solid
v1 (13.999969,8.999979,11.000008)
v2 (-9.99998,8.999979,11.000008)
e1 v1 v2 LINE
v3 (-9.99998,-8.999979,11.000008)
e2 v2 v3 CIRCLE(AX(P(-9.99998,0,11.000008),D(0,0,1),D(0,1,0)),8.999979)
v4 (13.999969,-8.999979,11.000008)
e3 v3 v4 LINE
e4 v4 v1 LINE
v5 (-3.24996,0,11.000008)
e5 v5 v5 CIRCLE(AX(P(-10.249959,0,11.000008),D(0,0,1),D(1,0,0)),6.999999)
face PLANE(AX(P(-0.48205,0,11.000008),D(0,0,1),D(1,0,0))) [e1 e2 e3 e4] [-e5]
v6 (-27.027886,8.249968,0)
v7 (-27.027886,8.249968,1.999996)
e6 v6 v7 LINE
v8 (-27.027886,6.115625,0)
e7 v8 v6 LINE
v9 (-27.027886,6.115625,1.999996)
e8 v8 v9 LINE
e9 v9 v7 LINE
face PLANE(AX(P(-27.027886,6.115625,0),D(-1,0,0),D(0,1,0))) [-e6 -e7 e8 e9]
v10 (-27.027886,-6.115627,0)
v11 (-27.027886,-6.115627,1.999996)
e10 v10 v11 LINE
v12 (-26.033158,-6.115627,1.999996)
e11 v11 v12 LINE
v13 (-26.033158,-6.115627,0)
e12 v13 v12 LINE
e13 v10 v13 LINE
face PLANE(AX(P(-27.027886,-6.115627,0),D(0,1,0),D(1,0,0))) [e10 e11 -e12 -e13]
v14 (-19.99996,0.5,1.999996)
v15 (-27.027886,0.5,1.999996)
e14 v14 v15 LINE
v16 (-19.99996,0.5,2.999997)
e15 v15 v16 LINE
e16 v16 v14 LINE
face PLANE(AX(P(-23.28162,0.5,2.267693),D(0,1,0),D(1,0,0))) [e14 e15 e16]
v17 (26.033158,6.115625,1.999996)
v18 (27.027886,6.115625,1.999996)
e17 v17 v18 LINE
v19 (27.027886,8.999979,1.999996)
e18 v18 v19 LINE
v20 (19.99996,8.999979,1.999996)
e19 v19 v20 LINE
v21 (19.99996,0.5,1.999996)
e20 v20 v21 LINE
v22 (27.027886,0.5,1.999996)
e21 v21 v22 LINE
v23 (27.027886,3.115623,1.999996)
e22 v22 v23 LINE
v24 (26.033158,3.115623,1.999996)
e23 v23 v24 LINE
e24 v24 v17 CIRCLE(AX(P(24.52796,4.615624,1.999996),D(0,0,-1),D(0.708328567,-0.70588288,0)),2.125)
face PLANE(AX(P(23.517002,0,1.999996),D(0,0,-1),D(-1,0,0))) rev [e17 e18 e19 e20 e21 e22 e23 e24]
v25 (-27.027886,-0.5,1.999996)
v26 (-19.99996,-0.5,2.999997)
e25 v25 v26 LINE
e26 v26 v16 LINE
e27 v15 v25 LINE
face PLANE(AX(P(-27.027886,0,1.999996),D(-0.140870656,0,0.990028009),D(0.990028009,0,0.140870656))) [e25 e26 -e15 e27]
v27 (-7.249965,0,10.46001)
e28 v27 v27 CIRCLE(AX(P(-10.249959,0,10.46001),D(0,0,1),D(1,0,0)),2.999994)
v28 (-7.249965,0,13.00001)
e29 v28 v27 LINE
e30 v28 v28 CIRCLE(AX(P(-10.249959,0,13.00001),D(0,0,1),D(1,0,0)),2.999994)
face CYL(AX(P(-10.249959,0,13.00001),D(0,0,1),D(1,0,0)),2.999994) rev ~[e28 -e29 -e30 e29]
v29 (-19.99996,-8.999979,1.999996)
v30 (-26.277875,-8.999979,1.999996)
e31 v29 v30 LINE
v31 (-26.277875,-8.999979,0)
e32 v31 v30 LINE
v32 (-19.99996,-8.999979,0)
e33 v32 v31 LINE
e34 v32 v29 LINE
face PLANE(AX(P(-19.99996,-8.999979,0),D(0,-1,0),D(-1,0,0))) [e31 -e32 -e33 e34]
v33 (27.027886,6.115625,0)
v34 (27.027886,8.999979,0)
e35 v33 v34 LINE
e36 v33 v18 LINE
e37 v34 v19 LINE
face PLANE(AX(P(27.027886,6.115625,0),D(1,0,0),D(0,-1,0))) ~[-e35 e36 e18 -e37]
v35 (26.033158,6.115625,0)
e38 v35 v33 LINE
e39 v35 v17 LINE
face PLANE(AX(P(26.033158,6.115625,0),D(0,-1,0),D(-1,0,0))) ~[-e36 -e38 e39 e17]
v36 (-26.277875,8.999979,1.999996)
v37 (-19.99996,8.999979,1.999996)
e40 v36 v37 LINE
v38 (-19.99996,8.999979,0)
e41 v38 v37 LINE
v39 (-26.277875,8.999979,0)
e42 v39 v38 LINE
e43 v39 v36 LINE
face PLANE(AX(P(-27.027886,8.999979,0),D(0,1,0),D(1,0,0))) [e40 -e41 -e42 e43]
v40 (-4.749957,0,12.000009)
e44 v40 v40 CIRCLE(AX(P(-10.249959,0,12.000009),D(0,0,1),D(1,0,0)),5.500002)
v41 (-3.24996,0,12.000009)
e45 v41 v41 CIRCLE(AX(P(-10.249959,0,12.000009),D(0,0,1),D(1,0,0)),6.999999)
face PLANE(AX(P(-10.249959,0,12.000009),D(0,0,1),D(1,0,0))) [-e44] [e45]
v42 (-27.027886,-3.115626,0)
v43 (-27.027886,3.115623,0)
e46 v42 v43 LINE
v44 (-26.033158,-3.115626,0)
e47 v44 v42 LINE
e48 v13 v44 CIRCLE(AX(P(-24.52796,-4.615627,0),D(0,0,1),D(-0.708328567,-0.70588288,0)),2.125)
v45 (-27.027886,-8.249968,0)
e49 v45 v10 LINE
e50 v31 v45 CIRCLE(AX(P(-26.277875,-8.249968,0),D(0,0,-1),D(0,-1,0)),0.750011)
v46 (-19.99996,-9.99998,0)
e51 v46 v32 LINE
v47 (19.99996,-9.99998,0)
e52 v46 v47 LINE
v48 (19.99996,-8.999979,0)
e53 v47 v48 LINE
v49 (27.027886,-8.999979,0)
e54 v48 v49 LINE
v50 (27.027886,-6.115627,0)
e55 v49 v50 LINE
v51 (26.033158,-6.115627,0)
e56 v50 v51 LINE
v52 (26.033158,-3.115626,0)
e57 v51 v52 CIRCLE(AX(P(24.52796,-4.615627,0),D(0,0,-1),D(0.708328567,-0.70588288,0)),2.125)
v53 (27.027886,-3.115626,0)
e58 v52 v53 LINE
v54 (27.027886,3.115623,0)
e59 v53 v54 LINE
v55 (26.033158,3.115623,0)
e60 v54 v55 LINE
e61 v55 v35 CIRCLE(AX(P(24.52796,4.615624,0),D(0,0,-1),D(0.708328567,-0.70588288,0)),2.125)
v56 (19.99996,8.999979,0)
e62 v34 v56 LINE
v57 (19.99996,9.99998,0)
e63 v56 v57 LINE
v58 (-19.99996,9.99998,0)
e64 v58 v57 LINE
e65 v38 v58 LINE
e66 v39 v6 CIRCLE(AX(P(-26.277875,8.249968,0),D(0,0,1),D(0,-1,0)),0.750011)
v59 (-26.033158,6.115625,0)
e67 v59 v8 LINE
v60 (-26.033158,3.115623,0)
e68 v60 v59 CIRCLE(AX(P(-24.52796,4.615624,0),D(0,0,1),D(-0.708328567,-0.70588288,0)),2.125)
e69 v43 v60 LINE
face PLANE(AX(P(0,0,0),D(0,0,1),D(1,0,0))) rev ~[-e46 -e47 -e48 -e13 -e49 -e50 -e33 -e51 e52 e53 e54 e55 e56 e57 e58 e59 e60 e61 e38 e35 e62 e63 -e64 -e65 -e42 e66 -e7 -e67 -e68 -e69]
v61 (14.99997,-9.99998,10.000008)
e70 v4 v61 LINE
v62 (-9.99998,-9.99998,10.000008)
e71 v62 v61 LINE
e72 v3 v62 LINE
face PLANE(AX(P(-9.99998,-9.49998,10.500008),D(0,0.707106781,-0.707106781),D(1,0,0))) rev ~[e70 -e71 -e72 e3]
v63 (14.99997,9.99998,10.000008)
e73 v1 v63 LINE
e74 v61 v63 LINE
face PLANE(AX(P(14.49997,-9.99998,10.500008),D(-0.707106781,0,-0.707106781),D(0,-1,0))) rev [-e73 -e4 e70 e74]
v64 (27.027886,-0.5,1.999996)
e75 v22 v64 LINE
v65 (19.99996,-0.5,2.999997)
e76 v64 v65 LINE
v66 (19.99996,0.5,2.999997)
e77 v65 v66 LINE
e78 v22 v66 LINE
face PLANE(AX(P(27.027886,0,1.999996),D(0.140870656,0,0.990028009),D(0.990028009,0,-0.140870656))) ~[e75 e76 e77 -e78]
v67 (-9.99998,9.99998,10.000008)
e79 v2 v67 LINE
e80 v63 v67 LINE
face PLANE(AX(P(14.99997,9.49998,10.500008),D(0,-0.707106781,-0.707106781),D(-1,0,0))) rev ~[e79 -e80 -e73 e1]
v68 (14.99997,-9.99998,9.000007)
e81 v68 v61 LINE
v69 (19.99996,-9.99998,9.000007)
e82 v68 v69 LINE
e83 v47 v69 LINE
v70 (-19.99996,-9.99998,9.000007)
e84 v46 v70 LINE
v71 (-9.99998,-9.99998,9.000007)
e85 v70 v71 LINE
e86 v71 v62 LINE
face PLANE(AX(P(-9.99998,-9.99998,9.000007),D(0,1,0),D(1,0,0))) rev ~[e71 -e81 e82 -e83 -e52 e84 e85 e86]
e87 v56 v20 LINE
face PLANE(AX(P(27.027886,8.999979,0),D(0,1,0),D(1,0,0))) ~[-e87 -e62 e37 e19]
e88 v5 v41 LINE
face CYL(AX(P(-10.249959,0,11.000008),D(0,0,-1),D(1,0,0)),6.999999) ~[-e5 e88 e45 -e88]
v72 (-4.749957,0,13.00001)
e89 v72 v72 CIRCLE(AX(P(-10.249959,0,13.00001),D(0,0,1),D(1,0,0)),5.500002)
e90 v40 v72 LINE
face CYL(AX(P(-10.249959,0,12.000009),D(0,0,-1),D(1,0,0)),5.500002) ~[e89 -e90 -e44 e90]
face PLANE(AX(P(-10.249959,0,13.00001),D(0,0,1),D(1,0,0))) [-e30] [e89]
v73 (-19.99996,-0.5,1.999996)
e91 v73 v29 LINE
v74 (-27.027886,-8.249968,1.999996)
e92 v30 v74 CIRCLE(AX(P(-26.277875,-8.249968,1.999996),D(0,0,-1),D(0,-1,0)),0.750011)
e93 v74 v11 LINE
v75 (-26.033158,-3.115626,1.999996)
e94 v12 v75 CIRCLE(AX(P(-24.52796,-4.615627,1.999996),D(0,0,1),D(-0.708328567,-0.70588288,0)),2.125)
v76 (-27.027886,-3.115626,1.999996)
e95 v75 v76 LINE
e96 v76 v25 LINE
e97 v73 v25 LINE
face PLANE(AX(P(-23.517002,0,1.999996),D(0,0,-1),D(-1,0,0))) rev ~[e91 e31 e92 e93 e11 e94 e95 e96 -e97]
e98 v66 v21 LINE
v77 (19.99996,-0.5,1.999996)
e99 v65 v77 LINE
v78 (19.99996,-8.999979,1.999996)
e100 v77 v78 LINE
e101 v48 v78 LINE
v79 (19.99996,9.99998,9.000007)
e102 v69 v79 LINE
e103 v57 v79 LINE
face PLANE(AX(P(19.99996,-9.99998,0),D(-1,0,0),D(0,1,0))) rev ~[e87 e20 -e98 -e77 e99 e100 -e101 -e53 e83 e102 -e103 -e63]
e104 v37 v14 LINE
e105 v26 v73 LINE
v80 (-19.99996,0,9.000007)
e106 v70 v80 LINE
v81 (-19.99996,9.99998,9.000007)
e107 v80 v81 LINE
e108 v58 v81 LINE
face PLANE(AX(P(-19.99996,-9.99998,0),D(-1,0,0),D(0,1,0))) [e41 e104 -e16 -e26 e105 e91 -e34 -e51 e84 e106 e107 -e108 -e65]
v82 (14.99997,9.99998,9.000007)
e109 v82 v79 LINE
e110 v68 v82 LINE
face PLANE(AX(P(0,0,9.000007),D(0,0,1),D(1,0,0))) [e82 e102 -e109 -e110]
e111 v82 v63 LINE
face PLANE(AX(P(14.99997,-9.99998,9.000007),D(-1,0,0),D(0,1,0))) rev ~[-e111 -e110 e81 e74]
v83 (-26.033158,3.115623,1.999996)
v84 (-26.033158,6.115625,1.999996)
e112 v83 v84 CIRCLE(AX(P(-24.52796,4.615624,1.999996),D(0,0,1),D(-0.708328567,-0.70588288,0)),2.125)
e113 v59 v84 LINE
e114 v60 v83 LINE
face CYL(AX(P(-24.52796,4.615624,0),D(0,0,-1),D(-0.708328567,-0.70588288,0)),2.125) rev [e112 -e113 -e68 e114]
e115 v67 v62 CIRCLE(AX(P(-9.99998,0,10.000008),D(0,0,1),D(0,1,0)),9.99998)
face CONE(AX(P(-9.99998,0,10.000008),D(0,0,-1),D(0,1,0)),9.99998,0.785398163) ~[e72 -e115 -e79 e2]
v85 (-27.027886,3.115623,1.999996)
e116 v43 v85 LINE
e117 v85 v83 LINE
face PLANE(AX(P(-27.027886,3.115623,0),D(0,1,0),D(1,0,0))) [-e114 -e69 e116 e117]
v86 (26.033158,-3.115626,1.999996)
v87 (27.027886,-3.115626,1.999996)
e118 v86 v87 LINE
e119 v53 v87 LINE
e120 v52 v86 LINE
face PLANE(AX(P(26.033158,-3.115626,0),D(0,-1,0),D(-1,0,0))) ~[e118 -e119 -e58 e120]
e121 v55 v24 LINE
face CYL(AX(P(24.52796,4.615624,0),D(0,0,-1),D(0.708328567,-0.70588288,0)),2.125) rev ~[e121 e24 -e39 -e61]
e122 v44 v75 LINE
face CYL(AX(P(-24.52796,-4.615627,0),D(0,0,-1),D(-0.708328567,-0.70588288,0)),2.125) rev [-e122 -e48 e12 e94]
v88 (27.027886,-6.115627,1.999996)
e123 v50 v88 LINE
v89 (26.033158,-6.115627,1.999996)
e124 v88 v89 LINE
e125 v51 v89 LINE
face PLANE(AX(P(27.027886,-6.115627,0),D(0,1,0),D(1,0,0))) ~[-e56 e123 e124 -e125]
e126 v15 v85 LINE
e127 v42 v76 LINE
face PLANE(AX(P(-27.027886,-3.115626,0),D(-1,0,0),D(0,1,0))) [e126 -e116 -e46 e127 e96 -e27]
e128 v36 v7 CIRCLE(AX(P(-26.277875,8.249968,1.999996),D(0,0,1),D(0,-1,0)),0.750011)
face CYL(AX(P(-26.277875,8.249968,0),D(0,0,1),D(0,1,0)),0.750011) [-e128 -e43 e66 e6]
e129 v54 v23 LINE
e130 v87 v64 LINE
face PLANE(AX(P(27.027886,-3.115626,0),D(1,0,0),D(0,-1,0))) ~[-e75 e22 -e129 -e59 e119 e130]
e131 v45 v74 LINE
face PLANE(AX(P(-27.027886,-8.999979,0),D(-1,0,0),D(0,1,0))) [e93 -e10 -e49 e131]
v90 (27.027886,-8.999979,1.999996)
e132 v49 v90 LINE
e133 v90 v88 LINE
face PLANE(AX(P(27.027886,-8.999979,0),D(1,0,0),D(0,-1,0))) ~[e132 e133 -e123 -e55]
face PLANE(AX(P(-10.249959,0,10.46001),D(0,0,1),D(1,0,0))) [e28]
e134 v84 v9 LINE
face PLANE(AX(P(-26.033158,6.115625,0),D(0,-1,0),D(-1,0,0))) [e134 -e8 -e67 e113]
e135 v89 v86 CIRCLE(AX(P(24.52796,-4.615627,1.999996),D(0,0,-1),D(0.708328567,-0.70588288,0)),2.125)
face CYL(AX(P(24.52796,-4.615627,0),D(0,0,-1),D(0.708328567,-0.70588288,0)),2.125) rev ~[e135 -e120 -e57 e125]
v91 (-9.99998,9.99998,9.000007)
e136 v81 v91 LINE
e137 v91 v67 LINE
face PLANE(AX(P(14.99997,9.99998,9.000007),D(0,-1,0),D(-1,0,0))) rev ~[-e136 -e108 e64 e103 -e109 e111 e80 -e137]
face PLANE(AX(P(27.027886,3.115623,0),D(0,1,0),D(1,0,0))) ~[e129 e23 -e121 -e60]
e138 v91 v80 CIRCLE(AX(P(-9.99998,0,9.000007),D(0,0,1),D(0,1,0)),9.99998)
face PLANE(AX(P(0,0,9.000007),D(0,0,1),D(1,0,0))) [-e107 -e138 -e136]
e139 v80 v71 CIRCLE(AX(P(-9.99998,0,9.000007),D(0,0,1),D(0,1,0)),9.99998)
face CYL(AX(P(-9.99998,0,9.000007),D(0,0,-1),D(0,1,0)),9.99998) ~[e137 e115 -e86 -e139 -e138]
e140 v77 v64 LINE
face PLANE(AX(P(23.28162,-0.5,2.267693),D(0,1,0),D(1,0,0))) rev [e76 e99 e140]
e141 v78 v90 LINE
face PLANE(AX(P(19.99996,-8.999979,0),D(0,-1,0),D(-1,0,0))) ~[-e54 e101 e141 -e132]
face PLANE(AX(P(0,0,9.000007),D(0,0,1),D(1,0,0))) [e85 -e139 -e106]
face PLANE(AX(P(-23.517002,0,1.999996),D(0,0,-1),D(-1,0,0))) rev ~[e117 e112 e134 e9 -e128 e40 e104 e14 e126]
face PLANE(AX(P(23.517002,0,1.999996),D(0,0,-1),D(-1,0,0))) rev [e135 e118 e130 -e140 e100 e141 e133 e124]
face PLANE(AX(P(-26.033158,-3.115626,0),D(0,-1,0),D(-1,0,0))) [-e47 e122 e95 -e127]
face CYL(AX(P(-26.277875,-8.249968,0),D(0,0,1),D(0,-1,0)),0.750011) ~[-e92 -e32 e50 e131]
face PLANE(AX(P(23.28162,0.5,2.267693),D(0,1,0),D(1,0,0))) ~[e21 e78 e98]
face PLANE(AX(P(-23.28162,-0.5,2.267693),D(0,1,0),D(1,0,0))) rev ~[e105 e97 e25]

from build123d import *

# Parameters (mm, degrees)
SKETCH1_W           = 39.99992
SKETCH1_H           = 19.99996
BOSS_EXTRUDE1_DEPTH = 9.0000074
BOSS_EXTRUDE2_DEPTH = 2.00000108
CHAMFER2_SIZE       = 1.00000054
SKETCH3_R           = 6.9999987
BOSS_EXTRUDE3_DEPTH = 1.00000054
SKETCH4_R           = 5.5000017
BOSS_EXTRUDE4_DEPTH = 1.00000054
SKETCH5_R           = 2.999994
CUT_EXTRUDE1_DEPTH  = 2.54
BOSS_EXTRUDE5_DEPTH = 1.999996
FILLET1_R           = 0.7500112
BOSS_EXTRUDE6_DEPTH = 0.50000027


with BuildPart() as part:
    # Sketch1 → Boss-Extrude1 (new body)
    with BuildSketch(Plane.XY):
        Rectangle(SKETCH1_W, SKETCH1_H)
    extrude(amount=BOSS_EXTRUDE1_DEPTH)

    # Sketch2 → Boss-Extrude2 (add)
    with BuildSketch(Plane.XY.offset(9.0000074)):
        with BuildLine():
            Line((14.99997, 9.99998), (-9.99998, 9.99998))
            ThreePointArc((-9.99998, 9.99998), (-19.99996, 0), (-9.99998, -9.99998))
            Line((-9.99998, -9.99998), (14.99997, -9.99998))
            Line((14.99997, -9.99998), (14.99997, 9.99998))
        make_face()
    extrude(amount=BOSS_EXTRUDE2_DEPTH)

    # Chamfer2
    chamfer2_edges = [part.edges().sort_by_distance(p)[0] for p in [
        (2.499995, -9.99998, 11.00000848),
        (-19.99996, 0, 11.00000848),
        (2.499995, 9.99998, 11.00000848),
        (14.99997, 0, 11.00000848),
    ]]
    chamfer(chamfer2_edges, length=CHAMFER2_SIZE)

    # Sketch3 → Boss-Extrude3 (add)
    with BuildSketch(Plane.XY.offset(11.00000848)):
        with Locations((-10.24995918, 0)):
            Circle(SKETCH3_R)
    extrude(amount=BOSS_EXTRUDE3_DEPTH)

    # Sketch4 → Boss-Extrude4 (add)
    with BuildSketch(Plane.XY.offset(12.00000902)):
        with Locations((-10.24995918, 0)):
            Circle(SKETCH4_R)
    extrude(amount=BOSS_EXTRUDE4_DEPTH)

    # Sketch5 → Cut-Extrude1 (cut)
    with BuildSketch(Plane.XY.offset(13.00000956)):
        with Locations((-10.24995918, 0)):
            Circle(SKETCH5_R)
    extrude(amount=-CUT_EXTRUDE1_DEPTH, mode=Mode.SUBTRACT)

    # Sketch6 → Boss-Extrude5 (add)
    with BuildSketch(Plane(origin=(0, 0, 0), x_dir=(-1, 0, 0), z_dir=(0, 0, -1))):
        with BuildLine():
            Line((27.027886, 8.99997946), (19.99996, 8.99997946))
            Line((19.99996, 8.99997946), (19.99996, -8.99997946))
            Line((19.99996, -8.99997946), (27.027886, -8.99997946))
            Line((27.027886, -8.99997946), (27.027886, -6.115627342))
            Line((27.027886, -6.115627342), (26.033157804, -6.115627342))
            ThreePointArc((26.033157804, -6.115627342), (22.40296035, -4.615626532), (26.033157804, -3.115625722))
            Line((26.033157804, -3.115625722), (27.027886, -3.115625722))
            Line((27.027886, -3.115625722), (27.027886, 3.115623182))
            Line((27.027886, 3.115623182), (26.033157804, 3.115623182))
            ThreePointArc((26.033157804, 3.115623182), (22.40296035, 4.615623992), (26.033157804, 6.115624802))
            Line((26.033157804, 6.115624802), (27.027886, 6.115624802))
            Line((27.027886, 6.115624802), (27.027886, 8.99997946))
        make_face()
    boss_extrude5 = extrude(amount=-BOSS_EXTRUDE5_DEPTH)

    # Fillet1
    fillet1_edges = [part.edges().sort_by_distance(p)[0] for p in [
        (-27.027886, -8.99997946, 0.999998),
        (-27.027886, 8.99997946, 0.999998),
    ]]
    fillet(fillet1_edges, radius=FILLET1_R)

    # Sketch7 → Boss-Extrude6 (add, symmetric)
    with BuildSketch(Plane(origin=(0, 0, 0), x_dir=(1, 0, 0), z_dir=(0, 1, 0))):
        Polygon((-27.027886, -1.999996), (-19.99996, -2.99999654), (-19.99996, -1.999996), align=None)
    boss_extrude6 = extrude(amount=BOSS_EXTRUDE6_DEPTH, both=True)

    # Mirror1: Boss-Extrude5, Boss-Extrude6 across plane
    add(boss_extrude5.mirror(Plane(origin=(0, 0, 0), x_dir=(0, 0, 1), z_dir=(1, 0, 0))))
    add(boss_extrude6.mirror(Plane(origin=(0, 0, 0), x_dir=(0, 0, 1), z_dir=(1, 0, 0))))


solid = part.part
